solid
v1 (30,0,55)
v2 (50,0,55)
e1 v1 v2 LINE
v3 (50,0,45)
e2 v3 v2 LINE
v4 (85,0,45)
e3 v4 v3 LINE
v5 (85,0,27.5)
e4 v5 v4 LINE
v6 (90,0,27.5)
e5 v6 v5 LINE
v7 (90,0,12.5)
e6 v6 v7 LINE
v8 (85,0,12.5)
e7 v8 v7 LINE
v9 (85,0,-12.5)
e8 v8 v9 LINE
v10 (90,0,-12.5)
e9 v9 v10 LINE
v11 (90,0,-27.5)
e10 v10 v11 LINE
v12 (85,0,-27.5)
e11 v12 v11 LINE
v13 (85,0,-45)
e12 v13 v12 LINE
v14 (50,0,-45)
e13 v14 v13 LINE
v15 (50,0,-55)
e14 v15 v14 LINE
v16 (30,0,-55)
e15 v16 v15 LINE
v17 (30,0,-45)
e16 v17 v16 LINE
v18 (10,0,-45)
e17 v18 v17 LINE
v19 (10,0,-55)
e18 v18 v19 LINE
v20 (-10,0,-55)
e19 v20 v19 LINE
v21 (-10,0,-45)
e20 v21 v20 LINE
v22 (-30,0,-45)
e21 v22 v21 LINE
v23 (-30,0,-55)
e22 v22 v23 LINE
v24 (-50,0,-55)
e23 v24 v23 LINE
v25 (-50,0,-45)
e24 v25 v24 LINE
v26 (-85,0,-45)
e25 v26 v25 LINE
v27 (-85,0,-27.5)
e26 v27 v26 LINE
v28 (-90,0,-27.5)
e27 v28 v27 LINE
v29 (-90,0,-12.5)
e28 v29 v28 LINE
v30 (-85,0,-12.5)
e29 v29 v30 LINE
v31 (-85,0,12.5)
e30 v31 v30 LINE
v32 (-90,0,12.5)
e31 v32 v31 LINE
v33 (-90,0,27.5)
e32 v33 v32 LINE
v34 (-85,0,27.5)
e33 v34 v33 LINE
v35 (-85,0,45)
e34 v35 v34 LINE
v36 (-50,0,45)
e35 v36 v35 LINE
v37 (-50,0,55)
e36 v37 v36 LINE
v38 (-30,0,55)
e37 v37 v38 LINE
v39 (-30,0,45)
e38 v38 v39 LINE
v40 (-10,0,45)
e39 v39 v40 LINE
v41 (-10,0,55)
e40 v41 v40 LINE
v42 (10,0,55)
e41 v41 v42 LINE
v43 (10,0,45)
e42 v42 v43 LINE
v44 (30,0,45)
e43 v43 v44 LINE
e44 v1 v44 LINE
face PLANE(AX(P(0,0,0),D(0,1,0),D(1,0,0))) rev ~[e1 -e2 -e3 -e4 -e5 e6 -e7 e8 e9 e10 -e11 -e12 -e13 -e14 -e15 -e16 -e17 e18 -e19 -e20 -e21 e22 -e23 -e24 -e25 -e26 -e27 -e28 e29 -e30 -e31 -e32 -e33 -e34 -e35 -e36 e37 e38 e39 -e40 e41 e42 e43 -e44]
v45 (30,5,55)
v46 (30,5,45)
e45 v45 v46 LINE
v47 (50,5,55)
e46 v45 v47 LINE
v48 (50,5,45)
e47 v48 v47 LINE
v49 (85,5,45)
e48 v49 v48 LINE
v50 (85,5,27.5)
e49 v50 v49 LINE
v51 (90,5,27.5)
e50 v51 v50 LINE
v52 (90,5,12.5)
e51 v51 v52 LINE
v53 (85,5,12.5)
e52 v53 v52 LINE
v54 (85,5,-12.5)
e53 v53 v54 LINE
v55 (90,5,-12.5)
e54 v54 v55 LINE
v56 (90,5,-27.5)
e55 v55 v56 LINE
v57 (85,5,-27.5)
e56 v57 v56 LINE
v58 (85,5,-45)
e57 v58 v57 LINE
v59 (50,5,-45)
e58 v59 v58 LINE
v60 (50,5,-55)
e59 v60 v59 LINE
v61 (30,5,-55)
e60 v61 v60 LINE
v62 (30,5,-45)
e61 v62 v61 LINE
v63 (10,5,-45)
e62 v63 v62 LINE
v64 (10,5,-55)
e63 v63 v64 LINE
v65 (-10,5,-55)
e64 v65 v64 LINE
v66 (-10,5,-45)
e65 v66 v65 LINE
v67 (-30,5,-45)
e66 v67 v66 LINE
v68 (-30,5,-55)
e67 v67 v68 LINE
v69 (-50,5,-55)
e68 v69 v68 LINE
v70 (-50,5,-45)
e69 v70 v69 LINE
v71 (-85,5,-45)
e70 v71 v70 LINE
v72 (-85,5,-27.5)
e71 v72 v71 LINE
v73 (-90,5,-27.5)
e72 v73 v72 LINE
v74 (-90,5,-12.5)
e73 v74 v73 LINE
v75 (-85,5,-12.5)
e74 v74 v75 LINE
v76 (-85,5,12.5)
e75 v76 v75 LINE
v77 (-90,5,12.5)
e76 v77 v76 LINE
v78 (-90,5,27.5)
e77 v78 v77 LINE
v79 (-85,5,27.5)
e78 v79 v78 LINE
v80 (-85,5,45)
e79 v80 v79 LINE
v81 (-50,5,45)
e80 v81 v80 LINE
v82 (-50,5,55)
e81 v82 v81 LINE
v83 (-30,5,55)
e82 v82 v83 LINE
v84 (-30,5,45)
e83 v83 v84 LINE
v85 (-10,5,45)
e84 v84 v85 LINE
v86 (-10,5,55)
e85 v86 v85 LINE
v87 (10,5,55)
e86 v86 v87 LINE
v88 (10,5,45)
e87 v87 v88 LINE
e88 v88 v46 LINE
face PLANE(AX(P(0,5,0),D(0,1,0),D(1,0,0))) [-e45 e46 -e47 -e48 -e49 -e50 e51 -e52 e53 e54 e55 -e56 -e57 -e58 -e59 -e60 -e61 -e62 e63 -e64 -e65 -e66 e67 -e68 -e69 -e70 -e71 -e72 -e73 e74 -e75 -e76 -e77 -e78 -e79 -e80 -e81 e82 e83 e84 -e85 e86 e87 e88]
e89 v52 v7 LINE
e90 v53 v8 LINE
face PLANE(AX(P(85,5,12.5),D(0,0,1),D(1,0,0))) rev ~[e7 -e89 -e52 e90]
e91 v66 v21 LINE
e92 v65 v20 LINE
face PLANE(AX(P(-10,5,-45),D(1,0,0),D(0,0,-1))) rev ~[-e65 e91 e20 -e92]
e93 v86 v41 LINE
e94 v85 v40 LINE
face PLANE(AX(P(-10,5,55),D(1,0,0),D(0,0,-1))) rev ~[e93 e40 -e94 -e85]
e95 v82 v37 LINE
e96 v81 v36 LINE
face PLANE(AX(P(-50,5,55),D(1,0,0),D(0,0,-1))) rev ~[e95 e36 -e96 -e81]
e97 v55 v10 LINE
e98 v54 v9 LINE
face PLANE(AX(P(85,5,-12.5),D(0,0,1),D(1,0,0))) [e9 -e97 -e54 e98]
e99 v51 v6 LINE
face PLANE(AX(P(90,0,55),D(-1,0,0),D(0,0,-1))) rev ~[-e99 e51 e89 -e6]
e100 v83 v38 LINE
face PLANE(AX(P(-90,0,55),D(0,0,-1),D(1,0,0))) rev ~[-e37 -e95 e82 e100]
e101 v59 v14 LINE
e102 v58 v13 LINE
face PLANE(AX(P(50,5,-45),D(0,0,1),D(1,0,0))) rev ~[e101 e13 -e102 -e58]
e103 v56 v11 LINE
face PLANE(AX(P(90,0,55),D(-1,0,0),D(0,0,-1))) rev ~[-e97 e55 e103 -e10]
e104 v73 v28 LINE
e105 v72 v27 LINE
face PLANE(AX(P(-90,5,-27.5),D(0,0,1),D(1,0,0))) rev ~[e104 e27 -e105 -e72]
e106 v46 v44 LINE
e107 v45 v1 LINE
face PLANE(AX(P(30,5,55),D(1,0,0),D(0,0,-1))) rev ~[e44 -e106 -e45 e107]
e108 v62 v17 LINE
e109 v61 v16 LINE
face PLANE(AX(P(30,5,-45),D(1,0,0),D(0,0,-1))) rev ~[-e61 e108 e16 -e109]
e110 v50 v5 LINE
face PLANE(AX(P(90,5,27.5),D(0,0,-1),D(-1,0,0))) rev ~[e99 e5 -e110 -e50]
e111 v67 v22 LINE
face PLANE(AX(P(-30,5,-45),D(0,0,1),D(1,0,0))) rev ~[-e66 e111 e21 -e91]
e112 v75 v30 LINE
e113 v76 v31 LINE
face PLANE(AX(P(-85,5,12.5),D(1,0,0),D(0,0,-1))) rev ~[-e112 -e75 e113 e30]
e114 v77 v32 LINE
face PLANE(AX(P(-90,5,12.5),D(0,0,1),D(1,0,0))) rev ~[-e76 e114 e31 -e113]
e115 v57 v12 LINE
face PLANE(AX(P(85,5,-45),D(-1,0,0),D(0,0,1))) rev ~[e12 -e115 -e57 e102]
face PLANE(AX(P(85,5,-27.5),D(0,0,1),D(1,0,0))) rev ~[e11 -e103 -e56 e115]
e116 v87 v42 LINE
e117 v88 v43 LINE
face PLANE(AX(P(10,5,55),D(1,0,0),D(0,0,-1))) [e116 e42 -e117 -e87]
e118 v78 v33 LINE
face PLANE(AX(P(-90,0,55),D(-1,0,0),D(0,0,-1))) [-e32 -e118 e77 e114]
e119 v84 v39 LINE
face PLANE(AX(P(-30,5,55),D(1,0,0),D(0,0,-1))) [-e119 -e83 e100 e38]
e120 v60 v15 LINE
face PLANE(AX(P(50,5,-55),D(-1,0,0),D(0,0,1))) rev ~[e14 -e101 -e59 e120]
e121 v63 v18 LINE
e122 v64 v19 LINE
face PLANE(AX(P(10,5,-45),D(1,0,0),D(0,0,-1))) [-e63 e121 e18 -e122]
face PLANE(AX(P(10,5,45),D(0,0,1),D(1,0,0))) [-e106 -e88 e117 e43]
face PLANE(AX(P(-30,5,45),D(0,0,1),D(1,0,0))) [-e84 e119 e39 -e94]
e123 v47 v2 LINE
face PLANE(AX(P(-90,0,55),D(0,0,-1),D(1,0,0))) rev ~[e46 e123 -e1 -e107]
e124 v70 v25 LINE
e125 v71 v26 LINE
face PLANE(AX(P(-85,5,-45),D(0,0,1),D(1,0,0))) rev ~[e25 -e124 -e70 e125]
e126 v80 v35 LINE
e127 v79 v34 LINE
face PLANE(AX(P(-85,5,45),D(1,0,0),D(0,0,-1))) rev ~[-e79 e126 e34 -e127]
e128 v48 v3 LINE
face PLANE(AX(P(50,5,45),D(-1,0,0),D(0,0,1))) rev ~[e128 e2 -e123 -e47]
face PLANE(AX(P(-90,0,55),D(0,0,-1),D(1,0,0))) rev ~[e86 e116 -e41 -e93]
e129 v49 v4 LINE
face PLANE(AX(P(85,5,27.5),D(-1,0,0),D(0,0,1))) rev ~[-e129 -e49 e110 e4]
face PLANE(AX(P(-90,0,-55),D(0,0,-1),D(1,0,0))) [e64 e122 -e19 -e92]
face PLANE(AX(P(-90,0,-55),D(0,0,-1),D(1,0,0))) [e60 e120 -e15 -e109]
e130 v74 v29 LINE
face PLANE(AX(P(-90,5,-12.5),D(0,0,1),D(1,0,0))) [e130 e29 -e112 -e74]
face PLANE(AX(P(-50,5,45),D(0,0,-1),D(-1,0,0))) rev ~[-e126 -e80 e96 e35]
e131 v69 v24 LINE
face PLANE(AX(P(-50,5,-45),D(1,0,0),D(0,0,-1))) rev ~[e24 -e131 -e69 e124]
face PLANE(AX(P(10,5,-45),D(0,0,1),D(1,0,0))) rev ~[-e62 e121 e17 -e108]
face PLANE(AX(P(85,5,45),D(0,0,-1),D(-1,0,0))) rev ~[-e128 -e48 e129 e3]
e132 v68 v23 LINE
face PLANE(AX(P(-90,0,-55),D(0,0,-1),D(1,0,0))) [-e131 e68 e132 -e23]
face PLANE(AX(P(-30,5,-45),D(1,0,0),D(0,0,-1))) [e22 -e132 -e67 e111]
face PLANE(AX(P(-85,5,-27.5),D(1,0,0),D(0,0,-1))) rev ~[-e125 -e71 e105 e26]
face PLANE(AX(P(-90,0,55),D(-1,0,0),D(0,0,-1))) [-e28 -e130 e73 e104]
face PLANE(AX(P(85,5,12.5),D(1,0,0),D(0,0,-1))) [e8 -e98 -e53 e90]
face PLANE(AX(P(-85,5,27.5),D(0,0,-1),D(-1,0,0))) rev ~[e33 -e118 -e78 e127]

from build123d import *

# Parameters (mm, degrees)
ESQUISSE1_W             = 180
ESQUISSE1_H             = 110
BOSS_EXTRU_1_DEPTH      = 5
ESQUISSE2_W             = 20
ESQUISSE2_H             = 10
ESQUISSE2_W_2           = 5
ESQUISSE2_H_2           = 25
ENL_V_MAT_EXTRU_1_DEPTH = 5


with BuildPart() as part:
    # Esquisse1 → Boss.-Extru.1 (new body)
    with BuildSketch(Plane(origin=(0, 0, 0), x_dir=(1, 0, 0), z_dir=(0, 1, 0))):
        Rectangle(ESQUISSE1_W, ESQUISSE1_H)
    extrude(amount=BOSS_EXTRU_1_DEPTH)

    # Esquisse2 → Enlèv. mat.-Extru.1 (cut)
    with BuildSketch(Plane(origin=(0, 5, 0), x_dir=(1, 0, 0), z_dir=(0, 1, 0))):
        Polygon((-90, 55), (-90, 27.5), (-85, 27.5), (-85, 45), (-50, 45), (-50, 55), align=None)
        Polygon((85, 27.5), (90, 27.5), (90, 55), (50, 55), (50, 45), (85, 45), align=None)
        with Locations((20, 50)):
            Rectangle(ESQUISSE2_W, ESQUISSE2_H)
        with Locations((-20, 50)):
            Rectangle(ESQUISSE2_W, ESQUISSE2_H)
        with Locations((-87.5, 0)):
            Rectangle(ESQUISSE2_W_2, ESQUISSE2_H_2)
        Polygon((-90, -55), (-50, -55), (-50, -45), (-85, -45), (-85, -27.5), (-90, -27.5), align=None)
        Polygon((50, -45), (50, -55), (90, -55), (90, -27.5), (85, -27.5), (85, -45), align=None)
        with Locations((87.5, 0)):
            Rectangle(ESQUISSE2_W_2, ESQUISSE2_H_2)
        with Locations((20, -50)):
            Rectangle(ESQUISSE2_W, ESQUISSE2_H)
        with Locations((-20, -50)):
            Rectangle(ESQUISSE2_W, ESQUISSE2_H)
    extrude(amount=-ENL_V_MAT_EXTRU_1_DEPTH, mode=Mode.SUBTRACT)


solid = part.part
